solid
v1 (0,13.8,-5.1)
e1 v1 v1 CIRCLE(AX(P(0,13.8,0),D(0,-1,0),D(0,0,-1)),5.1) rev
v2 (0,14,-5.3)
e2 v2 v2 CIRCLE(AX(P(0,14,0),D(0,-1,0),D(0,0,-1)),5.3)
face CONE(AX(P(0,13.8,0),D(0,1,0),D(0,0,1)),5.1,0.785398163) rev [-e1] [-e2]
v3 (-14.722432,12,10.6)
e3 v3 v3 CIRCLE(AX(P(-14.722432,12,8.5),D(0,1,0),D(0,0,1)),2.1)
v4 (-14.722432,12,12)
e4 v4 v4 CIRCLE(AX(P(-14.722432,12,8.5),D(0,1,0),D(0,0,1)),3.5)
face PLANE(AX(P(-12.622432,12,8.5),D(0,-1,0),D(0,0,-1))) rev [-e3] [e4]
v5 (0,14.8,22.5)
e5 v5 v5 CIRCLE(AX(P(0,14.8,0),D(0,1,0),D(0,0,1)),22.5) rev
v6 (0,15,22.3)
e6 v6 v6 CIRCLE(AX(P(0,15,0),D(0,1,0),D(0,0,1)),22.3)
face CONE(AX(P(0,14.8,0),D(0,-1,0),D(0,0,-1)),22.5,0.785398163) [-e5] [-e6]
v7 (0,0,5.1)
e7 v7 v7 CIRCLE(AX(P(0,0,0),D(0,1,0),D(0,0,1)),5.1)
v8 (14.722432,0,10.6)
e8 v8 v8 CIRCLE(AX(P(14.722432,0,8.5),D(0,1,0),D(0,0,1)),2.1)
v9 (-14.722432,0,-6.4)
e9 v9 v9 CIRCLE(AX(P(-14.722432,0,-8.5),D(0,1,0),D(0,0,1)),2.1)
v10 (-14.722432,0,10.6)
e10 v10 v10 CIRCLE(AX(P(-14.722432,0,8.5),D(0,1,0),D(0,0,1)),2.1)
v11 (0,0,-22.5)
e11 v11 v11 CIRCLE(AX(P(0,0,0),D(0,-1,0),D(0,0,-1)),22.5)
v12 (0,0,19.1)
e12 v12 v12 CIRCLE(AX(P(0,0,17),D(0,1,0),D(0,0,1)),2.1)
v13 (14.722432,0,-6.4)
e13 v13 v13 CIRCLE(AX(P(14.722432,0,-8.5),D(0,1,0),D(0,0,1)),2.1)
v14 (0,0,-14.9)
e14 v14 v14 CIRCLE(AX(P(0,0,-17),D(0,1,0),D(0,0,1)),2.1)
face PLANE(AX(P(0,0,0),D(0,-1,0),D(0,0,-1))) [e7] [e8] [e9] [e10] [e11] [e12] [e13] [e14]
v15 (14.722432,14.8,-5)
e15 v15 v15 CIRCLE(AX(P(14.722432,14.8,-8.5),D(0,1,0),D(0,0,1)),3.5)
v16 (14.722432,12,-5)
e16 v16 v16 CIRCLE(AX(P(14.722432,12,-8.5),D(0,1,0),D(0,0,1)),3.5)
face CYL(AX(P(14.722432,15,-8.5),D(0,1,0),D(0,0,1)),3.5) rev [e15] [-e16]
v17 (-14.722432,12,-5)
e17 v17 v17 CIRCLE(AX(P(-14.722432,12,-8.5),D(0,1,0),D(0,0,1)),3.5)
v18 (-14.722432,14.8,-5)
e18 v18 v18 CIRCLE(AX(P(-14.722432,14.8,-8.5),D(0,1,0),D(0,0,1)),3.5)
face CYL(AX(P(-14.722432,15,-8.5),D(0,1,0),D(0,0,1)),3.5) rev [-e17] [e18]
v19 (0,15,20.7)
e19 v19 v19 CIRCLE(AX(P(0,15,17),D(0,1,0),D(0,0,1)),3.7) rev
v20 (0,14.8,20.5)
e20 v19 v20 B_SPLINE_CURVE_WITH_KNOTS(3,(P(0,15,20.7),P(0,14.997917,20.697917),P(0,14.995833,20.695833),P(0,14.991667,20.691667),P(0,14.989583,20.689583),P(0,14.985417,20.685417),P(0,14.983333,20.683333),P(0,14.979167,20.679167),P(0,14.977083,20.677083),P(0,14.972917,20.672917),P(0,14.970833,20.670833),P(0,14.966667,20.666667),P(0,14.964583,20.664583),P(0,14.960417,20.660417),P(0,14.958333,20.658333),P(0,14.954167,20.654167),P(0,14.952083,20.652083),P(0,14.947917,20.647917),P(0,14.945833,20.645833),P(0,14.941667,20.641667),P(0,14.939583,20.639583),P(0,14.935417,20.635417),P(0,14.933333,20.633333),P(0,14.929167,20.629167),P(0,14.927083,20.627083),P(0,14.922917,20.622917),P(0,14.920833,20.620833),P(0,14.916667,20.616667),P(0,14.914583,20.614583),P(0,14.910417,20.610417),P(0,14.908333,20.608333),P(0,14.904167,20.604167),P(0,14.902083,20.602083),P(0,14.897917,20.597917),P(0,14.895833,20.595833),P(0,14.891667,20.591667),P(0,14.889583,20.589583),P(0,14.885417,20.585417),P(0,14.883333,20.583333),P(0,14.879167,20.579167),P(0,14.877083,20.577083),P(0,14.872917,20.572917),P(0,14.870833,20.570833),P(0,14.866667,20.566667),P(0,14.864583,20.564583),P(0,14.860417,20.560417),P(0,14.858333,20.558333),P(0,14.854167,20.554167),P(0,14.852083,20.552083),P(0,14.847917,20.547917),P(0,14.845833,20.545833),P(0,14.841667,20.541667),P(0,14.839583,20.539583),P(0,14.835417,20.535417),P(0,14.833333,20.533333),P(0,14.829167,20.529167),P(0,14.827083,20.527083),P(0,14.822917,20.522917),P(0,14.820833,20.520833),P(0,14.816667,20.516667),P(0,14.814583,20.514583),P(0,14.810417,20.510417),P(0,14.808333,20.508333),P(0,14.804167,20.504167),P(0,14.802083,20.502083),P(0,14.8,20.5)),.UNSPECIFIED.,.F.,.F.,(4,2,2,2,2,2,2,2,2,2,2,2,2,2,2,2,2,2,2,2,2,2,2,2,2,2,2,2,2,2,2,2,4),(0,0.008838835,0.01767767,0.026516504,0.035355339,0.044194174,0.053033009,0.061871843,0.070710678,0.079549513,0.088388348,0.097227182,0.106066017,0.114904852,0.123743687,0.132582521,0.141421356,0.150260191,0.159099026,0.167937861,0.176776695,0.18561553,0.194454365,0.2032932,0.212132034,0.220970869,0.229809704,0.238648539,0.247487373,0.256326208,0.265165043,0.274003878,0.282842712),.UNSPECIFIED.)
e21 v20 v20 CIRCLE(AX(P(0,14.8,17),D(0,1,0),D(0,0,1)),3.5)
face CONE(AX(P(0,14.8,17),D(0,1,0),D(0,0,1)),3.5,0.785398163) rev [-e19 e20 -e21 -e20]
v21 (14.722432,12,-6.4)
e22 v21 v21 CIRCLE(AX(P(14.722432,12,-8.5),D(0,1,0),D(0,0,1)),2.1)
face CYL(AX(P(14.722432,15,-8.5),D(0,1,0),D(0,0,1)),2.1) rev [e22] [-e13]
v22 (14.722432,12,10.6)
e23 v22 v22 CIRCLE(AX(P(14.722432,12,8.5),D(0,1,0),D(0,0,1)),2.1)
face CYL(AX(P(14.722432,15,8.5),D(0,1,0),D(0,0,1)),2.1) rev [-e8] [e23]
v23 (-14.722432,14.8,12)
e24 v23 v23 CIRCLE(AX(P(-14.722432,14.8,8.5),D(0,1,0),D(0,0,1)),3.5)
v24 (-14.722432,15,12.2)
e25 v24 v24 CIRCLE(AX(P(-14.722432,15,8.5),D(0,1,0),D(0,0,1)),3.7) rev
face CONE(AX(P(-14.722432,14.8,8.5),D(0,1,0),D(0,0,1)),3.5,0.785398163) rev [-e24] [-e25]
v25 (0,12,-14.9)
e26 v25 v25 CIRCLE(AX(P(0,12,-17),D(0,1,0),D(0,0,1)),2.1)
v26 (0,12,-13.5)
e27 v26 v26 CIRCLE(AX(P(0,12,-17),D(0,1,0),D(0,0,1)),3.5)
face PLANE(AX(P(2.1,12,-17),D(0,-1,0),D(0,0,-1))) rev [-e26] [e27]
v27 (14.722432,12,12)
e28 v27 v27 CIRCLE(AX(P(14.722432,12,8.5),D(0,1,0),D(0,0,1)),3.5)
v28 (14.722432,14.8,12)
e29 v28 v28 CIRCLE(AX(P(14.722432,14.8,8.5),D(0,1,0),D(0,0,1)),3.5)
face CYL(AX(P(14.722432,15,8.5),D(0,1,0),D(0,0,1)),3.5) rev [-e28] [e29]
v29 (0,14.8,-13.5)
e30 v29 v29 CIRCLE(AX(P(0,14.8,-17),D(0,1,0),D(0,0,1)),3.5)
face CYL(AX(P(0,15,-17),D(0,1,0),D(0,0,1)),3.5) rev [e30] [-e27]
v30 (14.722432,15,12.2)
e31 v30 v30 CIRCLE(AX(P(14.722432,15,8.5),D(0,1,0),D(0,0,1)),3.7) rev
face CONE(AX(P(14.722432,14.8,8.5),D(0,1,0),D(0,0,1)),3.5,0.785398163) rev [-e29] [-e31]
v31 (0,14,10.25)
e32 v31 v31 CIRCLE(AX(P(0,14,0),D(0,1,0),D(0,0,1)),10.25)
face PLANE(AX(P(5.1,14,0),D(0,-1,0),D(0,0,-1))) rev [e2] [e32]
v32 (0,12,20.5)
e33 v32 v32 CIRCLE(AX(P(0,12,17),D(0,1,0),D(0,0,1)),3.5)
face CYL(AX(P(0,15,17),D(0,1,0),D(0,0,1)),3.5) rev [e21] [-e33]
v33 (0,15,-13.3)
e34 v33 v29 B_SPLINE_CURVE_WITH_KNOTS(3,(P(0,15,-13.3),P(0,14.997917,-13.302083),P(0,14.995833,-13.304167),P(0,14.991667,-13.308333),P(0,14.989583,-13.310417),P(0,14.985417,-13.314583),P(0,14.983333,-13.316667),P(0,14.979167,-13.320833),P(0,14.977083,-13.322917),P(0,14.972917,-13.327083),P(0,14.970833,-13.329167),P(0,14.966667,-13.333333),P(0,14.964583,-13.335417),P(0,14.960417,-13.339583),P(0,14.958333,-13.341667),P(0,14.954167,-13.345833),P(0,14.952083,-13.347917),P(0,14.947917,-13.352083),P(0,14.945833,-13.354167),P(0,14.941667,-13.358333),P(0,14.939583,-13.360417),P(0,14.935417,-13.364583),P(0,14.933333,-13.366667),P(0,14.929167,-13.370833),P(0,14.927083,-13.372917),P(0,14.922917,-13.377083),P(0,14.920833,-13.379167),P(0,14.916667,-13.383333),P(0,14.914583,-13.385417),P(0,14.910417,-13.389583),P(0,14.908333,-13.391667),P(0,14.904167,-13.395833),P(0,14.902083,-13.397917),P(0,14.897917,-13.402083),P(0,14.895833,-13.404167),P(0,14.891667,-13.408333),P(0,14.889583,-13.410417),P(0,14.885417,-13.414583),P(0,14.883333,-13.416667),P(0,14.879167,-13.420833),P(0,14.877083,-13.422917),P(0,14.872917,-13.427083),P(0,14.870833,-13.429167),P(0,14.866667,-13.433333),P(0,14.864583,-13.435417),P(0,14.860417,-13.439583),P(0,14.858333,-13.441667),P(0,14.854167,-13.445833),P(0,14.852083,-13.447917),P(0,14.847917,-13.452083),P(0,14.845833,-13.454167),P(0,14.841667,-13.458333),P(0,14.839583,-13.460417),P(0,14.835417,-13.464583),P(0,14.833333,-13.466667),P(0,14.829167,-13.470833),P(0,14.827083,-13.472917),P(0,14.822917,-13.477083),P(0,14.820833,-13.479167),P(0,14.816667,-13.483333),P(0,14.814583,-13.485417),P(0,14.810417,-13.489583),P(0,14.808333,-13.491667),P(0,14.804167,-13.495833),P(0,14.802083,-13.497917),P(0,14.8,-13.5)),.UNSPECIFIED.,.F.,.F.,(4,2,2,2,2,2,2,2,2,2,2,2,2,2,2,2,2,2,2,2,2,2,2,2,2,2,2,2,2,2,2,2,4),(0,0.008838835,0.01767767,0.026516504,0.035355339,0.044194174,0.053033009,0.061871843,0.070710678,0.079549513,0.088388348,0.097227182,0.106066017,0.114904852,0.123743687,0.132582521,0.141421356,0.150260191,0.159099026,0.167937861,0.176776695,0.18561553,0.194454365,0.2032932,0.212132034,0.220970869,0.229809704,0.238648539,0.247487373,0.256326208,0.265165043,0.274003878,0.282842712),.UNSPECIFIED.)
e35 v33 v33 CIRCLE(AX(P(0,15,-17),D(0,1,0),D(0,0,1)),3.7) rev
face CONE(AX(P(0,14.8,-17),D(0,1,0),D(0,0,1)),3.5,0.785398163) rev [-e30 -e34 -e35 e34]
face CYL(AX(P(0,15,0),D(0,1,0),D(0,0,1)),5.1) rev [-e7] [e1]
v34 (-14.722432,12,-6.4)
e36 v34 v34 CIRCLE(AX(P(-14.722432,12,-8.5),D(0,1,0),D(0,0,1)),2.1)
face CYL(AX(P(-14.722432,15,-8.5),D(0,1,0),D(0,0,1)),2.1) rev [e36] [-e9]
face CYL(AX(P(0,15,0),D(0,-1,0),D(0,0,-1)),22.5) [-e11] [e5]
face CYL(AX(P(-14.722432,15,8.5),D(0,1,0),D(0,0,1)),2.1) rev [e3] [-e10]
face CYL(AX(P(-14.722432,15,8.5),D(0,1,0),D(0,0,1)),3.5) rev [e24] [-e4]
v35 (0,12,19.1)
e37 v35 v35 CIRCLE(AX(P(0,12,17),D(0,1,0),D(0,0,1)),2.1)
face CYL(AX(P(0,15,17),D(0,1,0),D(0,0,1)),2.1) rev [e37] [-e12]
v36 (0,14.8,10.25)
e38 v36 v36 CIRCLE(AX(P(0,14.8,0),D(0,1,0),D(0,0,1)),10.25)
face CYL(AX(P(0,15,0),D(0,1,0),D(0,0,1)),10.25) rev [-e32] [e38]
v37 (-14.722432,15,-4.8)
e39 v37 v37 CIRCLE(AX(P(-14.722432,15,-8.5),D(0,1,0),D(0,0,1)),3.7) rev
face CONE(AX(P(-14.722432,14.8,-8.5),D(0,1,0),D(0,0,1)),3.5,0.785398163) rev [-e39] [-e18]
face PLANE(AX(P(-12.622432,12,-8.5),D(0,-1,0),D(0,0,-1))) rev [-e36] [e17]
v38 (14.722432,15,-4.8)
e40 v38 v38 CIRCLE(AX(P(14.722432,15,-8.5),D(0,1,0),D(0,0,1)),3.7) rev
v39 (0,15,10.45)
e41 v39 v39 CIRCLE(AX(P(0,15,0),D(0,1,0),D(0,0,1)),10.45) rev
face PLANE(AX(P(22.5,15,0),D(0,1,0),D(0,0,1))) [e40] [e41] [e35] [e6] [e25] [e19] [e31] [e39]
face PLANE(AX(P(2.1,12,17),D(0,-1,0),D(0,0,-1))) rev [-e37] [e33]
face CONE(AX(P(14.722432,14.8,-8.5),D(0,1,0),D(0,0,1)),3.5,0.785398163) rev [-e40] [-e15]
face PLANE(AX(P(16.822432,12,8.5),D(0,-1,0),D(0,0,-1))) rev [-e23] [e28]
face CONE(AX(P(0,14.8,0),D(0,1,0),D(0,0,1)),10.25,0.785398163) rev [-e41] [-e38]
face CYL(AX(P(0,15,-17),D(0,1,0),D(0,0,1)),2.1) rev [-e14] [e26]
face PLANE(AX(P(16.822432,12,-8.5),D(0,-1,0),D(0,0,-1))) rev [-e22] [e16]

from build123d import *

# Parameters (mm, degrees)
SKETCH_1_W                     = 22.5
SKETCH_1_H                     = 15
HOLE_WIZARD_M3_5_1_D           = 4.2
HOLE_WIZARD_M3_5_1_CBORE_D     = 7
HOLE_WIZARD_M3_5_1_CBORE_DEPTH = 3
HOLE_WIZARD_1_D                = 10.2
HOLE_WIZARD_1_CBORE_D          = 20.5
HOLE_WIZARD_1_CBORE_DEPTH      = 1
CHAMFER_1_SIZE                 = 0.2


with BuildPart() as part:
    # 草图1 → 旋转1 (revolve)
    with BuildSketch(Plane.XY, mode=Mode.PRIVATE) as revolve_1_sk:
        with Locations((11.25, 7.5)):
            Rectangle(SKETCH_1_W, SKETCH_1_H)
    revolve(revolve_1_sk.sketch.rotate(Axis((0, 15, 0), (0, -1, 0)), 270), axis=Axis((0, 15, 0), (0, -1, 0)))

    # M3.5 六角头机械螺钉的柱形沉头孔1 (through all)
    with Locations(Plane(origin=(0, 15, 0), x_dir=(1, 0, 0), z_dir=(0, 1, 0))):
        with Locations((14.722431864, 8.5), (14.722431864, -8.5), (0, -17), (-14.722431864, -8.5), (-14.722431864, 8.5), (0, 17)):
            CounterBoreHole(HOLE_WIZARD_M3_5_1_D / 2, HOLE_WIZARD_M3_5_1_CBORE_D / 2, HOLE_WIZARD_M3_5_1_CBORE_DEPTH)

    # 孔1 (through all)
    with Locations(Plane(origin=(0, 15, 0), x_dir=(1, 0, 0), z_dir=(0, 1, 0))):
        with Locations((0, 0)):
            CounterBoreHole(HOLE_WIZARD_1_D / 2, HOLE_WIZARD_1_CBORE_D / 2, HOLE_WIZARD_1_CBORE_DEPTH)

    # 倒角1
    chamfer_1_edges = [part.edges().sort_by_distance(p)[0] for p in [
        (-3.5, 15, -17),
        (-18.222431864, 15, -8.5),
        (-18.222431864, 15, 8.5),
        (-3.5, 15, 17),
        (11.222431864, 15, 8.5),
        (11.222431864, 15, -8.5),
        (0, 15, 22.5),
        (-10.25, 15, 0),
        (5.1, 14, 0),
    ]]
    chamfer(chamfer_1_edges, length=CHAMFER_1_SIZE)


solid = part.part
